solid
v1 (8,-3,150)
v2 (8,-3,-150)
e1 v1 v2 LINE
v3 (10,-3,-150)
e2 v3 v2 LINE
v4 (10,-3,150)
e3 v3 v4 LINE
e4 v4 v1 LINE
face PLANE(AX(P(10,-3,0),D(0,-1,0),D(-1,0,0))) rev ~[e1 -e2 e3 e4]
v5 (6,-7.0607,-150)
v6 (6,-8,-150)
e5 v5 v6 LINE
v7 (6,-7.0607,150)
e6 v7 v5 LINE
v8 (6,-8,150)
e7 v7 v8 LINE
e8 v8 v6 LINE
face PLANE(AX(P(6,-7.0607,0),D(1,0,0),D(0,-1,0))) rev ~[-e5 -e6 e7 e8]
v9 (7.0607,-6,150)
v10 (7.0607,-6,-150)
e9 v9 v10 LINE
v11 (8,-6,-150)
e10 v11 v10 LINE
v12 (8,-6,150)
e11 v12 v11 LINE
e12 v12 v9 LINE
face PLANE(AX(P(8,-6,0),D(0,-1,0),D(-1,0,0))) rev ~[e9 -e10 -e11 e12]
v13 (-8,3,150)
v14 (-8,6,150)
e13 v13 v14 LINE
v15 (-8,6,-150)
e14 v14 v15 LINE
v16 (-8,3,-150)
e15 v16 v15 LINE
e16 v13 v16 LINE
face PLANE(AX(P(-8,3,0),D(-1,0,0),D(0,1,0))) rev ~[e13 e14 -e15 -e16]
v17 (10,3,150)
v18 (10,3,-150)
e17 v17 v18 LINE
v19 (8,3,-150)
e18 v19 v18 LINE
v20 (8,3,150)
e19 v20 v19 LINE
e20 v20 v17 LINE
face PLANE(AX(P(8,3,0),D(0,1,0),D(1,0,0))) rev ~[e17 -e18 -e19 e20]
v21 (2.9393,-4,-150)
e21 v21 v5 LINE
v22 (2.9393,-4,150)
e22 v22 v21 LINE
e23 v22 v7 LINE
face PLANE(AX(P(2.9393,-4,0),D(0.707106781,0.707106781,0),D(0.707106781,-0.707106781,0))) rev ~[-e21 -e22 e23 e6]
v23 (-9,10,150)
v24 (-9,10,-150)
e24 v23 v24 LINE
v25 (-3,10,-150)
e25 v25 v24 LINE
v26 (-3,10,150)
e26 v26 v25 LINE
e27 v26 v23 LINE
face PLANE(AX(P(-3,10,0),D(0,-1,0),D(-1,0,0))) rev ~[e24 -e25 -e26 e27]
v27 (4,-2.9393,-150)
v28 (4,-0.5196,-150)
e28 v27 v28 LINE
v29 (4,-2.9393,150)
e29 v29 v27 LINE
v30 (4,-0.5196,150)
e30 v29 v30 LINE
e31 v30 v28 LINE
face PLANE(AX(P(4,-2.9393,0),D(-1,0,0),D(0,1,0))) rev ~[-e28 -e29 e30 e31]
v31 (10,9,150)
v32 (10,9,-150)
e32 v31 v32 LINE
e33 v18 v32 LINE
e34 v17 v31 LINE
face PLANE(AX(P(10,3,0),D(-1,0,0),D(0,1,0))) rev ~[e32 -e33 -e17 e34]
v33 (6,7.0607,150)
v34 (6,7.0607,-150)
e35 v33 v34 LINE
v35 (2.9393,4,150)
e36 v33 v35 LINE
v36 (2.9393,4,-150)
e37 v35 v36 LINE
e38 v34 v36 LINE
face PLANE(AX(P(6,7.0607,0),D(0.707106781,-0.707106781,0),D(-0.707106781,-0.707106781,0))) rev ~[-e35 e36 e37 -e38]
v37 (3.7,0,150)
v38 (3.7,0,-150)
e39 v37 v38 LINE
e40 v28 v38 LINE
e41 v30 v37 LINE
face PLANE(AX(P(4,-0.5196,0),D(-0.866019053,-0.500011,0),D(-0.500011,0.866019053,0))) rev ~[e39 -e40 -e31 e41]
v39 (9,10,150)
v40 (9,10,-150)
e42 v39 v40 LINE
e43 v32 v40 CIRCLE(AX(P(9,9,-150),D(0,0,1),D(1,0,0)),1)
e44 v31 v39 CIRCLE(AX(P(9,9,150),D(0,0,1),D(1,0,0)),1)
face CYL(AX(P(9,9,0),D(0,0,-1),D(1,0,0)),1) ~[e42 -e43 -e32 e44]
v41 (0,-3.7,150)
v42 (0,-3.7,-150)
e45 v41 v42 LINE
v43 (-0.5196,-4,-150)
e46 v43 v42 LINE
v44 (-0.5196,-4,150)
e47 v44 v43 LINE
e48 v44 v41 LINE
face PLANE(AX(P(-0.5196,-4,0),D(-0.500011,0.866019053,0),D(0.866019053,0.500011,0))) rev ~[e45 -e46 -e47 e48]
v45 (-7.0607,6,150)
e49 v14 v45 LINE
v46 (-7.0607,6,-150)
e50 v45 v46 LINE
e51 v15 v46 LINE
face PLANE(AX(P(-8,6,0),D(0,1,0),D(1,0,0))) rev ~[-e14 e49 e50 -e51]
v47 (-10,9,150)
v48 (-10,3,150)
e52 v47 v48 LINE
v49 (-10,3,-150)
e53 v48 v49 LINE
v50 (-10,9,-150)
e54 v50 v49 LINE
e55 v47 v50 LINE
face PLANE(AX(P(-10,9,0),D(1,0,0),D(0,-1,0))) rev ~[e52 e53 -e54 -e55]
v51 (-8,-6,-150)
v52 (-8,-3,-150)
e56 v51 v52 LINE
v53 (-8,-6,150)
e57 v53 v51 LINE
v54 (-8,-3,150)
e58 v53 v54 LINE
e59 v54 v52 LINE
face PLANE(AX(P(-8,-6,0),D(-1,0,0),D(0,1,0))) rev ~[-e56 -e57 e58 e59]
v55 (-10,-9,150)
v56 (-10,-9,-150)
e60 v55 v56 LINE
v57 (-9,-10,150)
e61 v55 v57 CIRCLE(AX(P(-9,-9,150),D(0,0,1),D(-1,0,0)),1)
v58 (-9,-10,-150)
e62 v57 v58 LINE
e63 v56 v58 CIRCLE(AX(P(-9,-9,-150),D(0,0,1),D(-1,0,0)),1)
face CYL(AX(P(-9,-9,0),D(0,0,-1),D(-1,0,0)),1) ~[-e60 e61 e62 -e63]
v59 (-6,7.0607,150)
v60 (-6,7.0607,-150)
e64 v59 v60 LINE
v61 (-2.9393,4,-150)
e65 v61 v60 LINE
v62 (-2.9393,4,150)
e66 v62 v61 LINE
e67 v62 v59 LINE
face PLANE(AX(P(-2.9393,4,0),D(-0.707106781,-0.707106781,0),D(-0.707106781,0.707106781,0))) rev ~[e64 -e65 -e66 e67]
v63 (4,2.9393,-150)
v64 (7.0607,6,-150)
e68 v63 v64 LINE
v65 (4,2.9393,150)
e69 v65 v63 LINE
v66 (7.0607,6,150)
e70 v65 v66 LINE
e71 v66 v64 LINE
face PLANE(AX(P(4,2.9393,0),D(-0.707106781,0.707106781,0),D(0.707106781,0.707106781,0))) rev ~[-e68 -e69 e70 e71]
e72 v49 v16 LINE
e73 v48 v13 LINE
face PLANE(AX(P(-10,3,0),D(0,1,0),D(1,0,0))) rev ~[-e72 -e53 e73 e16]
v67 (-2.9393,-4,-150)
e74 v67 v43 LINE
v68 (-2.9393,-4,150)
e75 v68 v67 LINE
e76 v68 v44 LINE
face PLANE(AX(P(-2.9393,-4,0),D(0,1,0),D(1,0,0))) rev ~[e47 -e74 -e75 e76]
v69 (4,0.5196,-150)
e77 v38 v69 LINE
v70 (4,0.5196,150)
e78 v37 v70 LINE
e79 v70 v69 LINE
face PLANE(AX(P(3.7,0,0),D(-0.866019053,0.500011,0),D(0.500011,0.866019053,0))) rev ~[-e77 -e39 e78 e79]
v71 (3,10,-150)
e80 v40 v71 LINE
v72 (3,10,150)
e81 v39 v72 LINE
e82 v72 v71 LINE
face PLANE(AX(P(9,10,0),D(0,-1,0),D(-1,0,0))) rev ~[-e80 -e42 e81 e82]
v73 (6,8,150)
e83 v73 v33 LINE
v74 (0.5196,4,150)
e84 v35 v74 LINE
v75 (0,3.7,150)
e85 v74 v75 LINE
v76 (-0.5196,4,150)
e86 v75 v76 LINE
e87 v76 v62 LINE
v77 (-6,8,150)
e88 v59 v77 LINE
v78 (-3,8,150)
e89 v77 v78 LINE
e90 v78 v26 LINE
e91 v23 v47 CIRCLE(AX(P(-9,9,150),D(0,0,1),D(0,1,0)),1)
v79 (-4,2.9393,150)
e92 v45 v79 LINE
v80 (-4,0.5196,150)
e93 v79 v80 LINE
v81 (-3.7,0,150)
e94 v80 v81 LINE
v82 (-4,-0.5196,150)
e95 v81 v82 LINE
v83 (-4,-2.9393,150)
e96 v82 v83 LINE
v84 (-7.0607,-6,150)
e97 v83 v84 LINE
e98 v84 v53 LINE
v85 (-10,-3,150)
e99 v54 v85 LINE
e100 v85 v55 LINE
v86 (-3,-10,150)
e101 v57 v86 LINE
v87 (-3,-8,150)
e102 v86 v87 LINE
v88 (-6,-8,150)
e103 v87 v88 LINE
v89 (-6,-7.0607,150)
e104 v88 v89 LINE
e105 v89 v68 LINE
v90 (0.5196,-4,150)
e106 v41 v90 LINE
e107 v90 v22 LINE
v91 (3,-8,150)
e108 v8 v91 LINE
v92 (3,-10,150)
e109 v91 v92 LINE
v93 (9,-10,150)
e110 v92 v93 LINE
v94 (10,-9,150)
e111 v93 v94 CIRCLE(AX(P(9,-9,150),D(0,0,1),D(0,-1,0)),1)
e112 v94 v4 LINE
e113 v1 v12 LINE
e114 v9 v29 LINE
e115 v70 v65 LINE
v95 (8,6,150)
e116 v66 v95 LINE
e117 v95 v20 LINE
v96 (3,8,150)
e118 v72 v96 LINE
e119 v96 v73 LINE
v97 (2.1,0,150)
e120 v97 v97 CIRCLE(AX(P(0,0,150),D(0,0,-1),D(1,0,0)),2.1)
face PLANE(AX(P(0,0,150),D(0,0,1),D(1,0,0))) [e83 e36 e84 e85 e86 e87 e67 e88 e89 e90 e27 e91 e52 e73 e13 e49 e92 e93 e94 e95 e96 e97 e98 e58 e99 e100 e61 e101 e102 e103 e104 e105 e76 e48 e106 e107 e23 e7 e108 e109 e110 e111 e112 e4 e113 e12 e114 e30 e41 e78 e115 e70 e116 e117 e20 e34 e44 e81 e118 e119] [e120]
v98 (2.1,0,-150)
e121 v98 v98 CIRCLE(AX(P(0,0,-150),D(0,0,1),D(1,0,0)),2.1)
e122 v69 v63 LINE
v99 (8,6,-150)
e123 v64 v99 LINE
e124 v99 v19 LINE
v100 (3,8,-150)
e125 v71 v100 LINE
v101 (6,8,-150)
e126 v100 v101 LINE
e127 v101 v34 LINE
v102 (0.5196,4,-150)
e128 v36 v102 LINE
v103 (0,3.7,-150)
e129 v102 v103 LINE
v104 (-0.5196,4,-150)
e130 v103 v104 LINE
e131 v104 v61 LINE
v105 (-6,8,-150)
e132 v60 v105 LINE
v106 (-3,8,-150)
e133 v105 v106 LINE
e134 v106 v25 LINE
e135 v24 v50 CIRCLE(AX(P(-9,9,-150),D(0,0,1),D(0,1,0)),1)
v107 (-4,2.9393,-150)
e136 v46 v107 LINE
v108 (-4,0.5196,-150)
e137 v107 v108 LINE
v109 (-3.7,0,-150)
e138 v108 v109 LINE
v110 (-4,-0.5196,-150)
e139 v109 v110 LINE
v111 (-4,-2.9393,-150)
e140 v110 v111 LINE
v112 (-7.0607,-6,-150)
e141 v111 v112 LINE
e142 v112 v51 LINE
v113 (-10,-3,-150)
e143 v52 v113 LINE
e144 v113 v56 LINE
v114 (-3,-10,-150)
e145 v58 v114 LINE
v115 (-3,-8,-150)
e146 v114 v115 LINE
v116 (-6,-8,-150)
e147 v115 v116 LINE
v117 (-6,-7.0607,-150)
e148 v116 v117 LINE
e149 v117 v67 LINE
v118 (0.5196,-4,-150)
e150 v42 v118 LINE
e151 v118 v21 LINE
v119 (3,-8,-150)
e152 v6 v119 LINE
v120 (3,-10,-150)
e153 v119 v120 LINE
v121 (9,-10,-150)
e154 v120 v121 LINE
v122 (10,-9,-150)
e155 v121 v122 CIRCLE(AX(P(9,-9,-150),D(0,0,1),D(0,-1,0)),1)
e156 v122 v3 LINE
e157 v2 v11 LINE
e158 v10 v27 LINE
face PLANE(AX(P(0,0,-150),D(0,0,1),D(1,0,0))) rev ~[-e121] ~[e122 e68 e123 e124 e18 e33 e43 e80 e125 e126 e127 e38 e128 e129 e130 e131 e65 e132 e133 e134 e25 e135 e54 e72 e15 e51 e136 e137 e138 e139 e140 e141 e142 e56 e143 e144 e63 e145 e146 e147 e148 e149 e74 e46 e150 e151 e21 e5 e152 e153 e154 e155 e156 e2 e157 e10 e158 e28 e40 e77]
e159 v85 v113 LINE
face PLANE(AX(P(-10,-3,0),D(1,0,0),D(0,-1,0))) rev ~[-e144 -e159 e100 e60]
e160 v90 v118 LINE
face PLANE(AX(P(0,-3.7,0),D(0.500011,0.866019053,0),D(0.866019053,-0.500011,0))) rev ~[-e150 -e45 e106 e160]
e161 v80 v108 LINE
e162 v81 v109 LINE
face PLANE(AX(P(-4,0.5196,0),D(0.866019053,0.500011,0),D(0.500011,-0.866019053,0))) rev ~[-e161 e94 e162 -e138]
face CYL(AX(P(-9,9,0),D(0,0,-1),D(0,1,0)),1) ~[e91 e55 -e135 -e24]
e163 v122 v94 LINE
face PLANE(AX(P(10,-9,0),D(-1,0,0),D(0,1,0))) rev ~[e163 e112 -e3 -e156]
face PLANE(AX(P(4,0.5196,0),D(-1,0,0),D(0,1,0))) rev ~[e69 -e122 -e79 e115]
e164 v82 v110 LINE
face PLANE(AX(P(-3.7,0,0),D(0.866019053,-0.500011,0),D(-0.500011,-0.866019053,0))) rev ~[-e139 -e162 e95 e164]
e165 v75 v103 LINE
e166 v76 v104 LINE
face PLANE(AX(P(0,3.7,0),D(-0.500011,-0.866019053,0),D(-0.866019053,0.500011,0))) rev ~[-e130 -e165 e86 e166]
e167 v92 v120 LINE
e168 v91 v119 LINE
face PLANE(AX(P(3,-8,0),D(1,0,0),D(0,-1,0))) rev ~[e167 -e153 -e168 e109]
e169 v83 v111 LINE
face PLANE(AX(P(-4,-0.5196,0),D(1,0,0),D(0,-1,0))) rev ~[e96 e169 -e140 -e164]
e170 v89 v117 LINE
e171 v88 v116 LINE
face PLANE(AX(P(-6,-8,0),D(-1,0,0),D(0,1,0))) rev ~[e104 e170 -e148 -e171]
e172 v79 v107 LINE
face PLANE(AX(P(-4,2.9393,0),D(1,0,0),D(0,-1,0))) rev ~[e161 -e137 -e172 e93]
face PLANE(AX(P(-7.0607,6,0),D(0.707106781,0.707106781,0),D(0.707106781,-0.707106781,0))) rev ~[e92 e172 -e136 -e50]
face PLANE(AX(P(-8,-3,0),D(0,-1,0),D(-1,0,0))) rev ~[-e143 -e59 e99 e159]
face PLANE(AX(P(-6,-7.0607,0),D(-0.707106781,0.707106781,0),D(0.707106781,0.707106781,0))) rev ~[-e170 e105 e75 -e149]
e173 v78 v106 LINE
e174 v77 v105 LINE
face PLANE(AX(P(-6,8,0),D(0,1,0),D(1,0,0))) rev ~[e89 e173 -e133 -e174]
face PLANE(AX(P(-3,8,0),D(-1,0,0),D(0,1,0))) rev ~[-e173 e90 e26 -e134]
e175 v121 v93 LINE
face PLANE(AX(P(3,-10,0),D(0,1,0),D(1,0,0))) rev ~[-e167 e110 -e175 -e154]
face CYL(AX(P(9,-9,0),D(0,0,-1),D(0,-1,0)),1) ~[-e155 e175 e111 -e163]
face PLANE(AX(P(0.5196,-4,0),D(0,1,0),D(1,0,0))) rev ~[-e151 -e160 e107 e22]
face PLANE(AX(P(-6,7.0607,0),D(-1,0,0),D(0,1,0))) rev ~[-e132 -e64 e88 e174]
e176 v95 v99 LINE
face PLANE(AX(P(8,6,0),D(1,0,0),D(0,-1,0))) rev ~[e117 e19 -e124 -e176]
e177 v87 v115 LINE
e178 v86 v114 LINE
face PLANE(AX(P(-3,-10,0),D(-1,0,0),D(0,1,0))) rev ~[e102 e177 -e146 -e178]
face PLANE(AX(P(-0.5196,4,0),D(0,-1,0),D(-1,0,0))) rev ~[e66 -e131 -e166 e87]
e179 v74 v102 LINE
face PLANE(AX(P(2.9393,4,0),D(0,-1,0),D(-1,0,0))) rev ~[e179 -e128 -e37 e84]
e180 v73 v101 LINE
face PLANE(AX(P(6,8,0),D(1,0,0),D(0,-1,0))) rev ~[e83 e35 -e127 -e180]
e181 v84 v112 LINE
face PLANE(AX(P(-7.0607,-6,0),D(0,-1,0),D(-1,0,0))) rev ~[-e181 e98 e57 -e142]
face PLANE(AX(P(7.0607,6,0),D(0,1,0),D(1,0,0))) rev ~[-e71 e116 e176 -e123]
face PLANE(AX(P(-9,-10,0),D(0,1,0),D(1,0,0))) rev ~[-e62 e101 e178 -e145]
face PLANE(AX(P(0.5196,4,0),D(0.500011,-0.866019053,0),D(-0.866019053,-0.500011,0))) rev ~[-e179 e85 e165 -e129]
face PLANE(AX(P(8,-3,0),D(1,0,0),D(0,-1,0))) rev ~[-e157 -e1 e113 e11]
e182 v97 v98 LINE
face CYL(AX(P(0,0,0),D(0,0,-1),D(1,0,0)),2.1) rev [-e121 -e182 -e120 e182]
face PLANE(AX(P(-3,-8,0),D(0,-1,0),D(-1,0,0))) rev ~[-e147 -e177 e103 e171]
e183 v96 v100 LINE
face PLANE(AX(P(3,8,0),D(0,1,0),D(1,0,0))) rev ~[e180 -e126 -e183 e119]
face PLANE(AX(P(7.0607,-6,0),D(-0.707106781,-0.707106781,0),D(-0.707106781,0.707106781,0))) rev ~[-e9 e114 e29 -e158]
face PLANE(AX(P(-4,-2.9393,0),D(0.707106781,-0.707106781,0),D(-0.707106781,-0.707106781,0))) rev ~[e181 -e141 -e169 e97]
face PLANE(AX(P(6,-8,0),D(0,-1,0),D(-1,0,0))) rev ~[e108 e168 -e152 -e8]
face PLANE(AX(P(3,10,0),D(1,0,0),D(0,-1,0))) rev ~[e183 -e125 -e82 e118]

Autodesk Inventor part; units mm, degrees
ref_plane "YZ Plane" through (0, 0, 0) normal (1, 0, 0) x (0, 1, 0)
ref_plane "XZ Plane" through (0, 0, 0) normal (0, 1, 0) x (-1, 0, 0)
ref_plane "XY Plane" through (0, 0, 0) normal (0, 0, 1) x (1, 0, 0)
sketch "Sketch1" plane through (0, 0, 0) normal (0, 0, 1) x (1, 0, 0)
  line L0 (-2.205, 0) -> (2.205, 0)
  line L1 (0, -2.205) -> (0, 2.205)
  arc A0 (9, -10) -> (10, -9) centre (9, -9) ccw
  line L2 (-10, 9) -> (-10, 3)
  line L3 (-10, 3) -> (-8, 3)
  line L4 (-8, 3) -> (-8, 6)
  line L5 (-8, 6) -> (-7.0607, 6)
  line L6 (-7.0607, 6) -> (-4, 2.9393)
  line L7 (-4, 2.9393) -> (-4, 0.5196)
  line L8 (-4, 0.5196) -> (-3.7, 0)
  line L9 (-3.7, 0) -> (-4, -0.5196)
  line L10 (-4, -0.5196) -> (-4, -2.9393)
  line L11 (-4, -2.9393) -> (-7.0607, -6)
  line L12 (-7.0607, -6) -> (-8, -6)
  line L13 (-8, -6) -> (-8, -3)
  line L14 (-8, -3) -> (-10, -3)
  line L15 (-10, -3) -> (-10, -9)
  arc A1 (-10, -9) -> (-9, -10) centre (-9, -9) ccw
  line L16 (-9, -10) -> (-3, -10)
  line L17 (-3, -10) -> (-3, -8)
  line L18 (-3, -8) -> (-6, -8)
  line L19 (-6, -7.0607) -> (-2.9393, -4)
  line L20 (-2.9393, -4) -> (-0.5196, -4)
  line L21 (-0.5196, -4) -> (0, -3.7)
  line L22 (0, -3.7) -> (0.5196, -4)
  line L23 (0.5196, -4) -> (2.9393, -4)
  line L24 (2.9393, -4) -> (6, -7.0607)
  line L25 (6, -7.0607) -> (6, -8)
  line L26 (6, -8) -> (3, -8)
  line L27 (3, -8) -> (3, -10)
  line L28 (3, -10) -> (9, -10)
  line L29 (10, -9) -> (10, -3)
  line L30 (10, -3) -> (8, -3)
  line L31 (8, -3) -> (8, -6)
  line L32 (8, -6) -> (7.0607, -6)
  line L33 (7.0607, -6) -> (4, -2.9393)
  line L34 (4, -2.9393) -> (4, -0.5196)
  line L35 (4, -0.5196) -> (3.7, 0)
  line L36 (3.7, 0) -> (4, 0.5196)
  line L37 (4, 0.5196) -> (4, 2.9393)
  line L38 (4, 2.9393) -> (7.0607, 6)
  line L39 (7.0607, 6) -> (8, 6)
  line L40 (8, 6) -> (8, 3)
  line L41 (8, 3) -> (10, 3)
  line L42 (10, 3) -> (10, 9)
  arc A2 (10, 9) -> (9, 10) centre (9, 9) ccw
  line L43 (9, 10) -> (3, 10)
  line L44 (3, 10) -> (3, 8)
  line L45 (3, 8) -> (6, 8)
  line L46 (6, 8) -> (6, 7.0607)
  line L47 (6, 7.0607) -> (2.9393, 4)
  line L48 (2.9393, 4) -> (0.5196, 4)
  line L49 (0.5196, 4) -> (0, 3.7)
  line L50 (0, 3.7) -> (-0.5196, 4)
  line L51 (-0.5196, 4) -> (-2.9393, 4)
  line L52 (-2.9393, 4) -> (-6, 7.0607)
  line L53 (-6, 7.0607) -> (-6, 8)
  line L54 (-6, 8) -> (-3, 8)
  line L55 (-3, 8) -> (-3, 10)
  line L56 (-3, 10) -> (-9, 10)
  arc A3 (-9, 10) -> (-10, 9) centre (-9, 9) ccw
  circle A4 centre (0, 0) radius 2.1
  line L57 (-6, -8) -> (-6, -7.0607)
extrude "Extrusion1" add sketch "Sketch1" along normal mid plane 300
equation "\"d0\" = height"
equation "\"height\" = 300"
equation "\"facingThickness\" = 12.7"
equation "\"facingGasketThickness\" = 1.5875"
properties part number "HFS5-2020" material "Aluminum 6061"
